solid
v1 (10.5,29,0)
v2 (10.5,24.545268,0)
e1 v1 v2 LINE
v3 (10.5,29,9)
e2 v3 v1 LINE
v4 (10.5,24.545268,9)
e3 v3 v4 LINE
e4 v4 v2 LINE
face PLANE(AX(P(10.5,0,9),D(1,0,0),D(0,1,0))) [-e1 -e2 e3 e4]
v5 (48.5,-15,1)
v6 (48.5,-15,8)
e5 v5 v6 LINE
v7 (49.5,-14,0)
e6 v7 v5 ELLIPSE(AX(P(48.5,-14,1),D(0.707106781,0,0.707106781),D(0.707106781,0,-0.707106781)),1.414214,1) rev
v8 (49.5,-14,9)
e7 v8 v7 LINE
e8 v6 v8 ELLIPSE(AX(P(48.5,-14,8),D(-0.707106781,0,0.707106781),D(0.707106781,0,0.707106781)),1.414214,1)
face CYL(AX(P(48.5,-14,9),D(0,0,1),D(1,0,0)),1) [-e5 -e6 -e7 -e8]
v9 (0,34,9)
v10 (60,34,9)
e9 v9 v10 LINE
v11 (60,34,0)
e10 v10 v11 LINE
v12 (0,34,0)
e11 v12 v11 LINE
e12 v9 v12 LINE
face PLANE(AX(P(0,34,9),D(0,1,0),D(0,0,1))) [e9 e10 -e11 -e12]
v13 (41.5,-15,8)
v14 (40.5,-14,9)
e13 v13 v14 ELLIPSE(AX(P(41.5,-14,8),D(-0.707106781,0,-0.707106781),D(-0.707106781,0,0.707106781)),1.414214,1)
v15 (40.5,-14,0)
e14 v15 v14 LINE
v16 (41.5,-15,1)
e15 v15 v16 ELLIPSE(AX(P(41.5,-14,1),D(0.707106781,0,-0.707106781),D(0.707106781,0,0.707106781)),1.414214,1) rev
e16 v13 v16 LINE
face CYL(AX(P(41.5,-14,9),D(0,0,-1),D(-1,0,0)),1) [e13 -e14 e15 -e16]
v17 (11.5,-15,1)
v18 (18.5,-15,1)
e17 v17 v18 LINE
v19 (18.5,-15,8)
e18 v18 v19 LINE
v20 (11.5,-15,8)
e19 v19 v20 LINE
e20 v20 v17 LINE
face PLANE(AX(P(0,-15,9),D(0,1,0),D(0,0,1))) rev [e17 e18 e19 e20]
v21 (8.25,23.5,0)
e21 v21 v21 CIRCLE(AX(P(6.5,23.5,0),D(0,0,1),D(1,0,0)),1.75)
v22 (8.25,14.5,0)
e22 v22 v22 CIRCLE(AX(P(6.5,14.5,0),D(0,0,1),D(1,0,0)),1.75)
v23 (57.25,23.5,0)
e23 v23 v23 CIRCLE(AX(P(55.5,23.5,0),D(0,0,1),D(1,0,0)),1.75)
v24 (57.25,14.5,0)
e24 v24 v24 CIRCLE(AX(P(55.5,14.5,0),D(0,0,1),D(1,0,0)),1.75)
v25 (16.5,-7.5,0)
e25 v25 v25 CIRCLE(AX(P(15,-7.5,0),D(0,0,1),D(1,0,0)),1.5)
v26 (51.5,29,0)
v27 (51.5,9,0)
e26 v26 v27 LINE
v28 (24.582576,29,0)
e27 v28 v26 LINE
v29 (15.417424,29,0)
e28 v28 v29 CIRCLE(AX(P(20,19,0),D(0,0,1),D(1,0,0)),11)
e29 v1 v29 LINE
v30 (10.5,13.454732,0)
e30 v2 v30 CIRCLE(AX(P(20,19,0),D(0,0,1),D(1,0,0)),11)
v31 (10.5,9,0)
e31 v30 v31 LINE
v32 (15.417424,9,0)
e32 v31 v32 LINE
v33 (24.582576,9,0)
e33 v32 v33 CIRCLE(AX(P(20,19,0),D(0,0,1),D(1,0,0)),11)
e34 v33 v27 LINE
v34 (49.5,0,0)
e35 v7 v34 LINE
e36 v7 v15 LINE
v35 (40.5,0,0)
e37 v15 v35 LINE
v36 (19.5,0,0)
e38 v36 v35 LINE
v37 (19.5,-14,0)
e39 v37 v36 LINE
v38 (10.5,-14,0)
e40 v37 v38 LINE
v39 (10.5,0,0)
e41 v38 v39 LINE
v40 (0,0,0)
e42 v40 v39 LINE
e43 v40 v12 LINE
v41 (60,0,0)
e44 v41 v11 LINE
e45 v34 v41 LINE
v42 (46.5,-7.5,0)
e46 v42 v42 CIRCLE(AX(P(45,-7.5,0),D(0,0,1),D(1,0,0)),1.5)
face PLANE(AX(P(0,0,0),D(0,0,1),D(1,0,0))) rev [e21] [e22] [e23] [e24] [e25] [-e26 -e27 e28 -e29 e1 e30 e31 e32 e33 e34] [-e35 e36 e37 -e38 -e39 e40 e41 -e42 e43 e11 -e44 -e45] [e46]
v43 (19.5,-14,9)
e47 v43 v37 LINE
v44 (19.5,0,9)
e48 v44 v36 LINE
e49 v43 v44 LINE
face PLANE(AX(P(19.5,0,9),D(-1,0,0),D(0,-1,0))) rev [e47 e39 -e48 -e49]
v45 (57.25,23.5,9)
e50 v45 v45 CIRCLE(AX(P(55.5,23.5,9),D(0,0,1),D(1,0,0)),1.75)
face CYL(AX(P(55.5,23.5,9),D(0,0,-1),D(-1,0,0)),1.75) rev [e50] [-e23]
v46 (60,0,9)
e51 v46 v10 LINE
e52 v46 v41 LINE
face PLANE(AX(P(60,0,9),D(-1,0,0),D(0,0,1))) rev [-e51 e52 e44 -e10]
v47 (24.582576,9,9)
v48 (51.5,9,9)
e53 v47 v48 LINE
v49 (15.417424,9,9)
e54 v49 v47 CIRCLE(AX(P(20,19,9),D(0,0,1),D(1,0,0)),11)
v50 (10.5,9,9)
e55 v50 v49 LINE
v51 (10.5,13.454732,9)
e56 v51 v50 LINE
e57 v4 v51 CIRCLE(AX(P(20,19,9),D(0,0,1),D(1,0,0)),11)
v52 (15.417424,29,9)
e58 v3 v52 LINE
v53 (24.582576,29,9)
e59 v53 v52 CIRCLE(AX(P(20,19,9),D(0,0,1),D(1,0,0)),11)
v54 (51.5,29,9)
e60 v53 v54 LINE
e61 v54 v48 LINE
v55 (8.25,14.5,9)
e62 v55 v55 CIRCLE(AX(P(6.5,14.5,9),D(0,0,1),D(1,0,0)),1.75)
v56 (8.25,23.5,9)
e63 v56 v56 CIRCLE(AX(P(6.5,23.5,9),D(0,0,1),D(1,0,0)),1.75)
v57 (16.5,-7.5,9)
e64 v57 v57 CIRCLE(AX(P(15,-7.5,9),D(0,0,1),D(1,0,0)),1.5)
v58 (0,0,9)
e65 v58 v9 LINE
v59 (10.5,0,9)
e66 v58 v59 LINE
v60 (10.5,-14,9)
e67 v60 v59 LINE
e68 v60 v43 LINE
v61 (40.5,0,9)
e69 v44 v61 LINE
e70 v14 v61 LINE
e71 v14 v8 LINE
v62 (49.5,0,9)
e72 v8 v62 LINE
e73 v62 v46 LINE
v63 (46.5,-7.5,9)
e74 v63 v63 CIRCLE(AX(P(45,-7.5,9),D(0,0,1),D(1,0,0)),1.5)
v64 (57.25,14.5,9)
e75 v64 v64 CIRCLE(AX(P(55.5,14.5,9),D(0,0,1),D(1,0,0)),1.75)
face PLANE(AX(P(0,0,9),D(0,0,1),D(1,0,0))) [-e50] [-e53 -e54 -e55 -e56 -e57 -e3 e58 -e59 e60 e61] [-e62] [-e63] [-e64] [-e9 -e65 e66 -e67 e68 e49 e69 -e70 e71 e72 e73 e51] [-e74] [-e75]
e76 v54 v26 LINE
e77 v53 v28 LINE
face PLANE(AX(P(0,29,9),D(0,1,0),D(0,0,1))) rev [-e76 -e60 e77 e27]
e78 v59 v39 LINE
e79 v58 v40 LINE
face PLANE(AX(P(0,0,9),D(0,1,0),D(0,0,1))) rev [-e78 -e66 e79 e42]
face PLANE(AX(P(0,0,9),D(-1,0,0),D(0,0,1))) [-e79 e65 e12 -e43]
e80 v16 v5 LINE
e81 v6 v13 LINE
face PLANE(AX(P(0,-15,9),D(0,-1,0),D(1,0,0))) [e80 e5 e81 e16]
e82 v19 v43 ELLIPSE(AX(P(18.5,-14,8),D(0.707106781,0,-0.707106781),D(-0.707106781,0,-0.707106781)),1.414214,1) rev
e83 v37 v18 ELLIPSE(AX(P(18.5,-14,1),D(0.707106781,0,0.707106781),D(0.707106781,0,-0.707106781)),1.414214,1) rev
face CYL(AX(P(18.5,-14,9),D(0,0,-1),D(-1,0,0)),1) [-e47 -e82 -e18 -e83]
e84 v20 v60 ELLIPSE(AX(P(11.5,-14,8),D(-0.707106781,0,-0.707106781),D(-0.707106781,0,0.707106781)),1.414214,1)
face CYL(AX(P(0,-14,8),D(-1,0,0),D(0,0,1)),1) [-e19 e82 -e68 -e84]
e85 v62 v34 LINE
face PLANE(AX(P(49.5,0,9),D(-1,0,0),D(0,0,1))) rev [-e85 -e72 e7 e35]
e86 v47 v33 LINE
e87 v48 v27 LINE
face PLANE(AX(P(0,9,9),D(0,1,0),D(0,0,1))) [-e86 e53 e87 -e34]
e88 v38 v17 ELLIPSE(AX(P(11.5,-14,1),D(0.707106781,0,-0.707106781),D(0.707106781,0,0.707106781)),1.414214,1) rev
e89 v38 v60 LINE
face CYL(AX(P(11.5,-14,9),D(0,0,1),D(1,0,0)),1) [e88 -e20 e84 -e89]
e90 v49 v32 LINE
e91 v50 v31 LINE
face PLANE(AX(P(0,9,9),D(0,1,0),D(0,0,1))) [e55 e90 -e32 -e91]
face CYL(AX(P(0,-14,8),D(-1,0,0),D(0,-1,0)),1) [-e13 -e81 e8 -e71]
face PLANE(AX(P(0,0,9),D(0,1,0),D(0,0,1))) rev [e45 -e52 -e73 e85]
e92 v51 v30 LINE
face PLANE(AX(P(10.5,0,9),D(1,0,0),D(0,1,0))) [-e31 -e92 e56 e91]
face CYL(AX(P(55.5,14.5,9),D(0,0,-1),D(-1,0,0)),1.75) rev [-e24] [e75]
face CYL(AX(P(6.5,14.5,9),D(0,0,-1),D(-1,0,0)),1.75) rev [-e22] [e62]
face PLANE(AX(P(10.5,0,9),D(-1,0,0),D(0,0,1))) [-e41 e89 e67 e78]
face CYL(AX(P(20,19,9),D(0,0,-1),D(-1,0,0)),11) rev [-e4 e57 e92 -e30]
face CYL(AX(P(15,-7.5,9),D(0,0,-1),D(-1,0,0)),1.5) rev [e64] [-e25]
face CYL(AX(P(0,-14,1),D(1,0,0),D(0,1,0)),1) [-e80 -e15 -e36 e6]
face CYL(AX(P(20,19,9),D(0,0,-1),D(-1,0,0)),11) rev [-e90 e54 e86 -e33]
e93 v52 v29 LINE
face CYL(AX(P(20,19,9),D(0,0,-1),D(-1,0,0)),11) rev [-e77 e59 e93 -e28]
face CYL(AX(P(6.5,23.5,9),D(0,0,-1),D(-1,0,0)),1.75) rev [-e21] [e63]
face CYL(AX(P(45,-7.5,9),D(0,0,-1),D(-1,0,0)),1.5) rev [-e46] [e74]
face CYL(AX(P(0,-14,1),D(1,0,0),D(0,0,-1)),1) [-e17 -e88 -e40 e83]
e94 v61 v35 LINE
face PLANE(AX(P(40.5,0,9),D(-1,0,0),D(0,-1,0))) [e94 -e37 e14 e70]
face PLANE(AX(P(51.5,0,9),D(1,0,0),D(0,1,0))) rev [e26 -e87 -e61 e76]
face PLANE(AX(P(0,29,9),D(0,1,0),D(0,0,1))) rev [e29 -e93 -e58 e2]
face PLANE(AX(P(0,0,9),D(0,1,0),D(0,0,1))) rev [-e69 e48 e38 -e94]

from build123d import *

# Parameters (mm, degrees)
CROQUIS1_R              = 1.75
CROQUIS1_R_2            = 1.5
SALIENTE_EXTRUIR1_DEPTH = 9
REDONDEO1_R             = 1


with BuildPart() as part:
    # Croquis1 → Saliente-Extruir1 (new body)
    with BuildSketch(Plane.XY):
        Polygon((0, 34), (0, 0), (10.5, 0), (10.5, -15), (19.5, -15), (19.5, 0), (40.5, 0), (40.5, -15), (49.5, -15), (49.5, 0), (60, 0), (60, 34), align=None)
        with Locations((6.5, 14.5)):
            Circle(CROQUIS1_R, mode=Mode.SUBTRACT)
        with Locations((6.5, 23.5)):
            Circle(CROQUIS1_R, mode=Mode.SUBTRACT)
        with BuildLine():
            Line((10.5, 24.545268253), (10.5, 29))
            Line((10.5, 29), (15.417424305, 29))
            ThreePointArc((15.417424305, 29), (20, 30), (24.582575695, 29))
            Line((24.582575695, 29), (51.5, 29))
            Line((51.5, 29), (51.5, 9))
            Line((51.5, 9), (24.582575695, 9))
            ThreePointArc((24.582575695, 9), (20, 8), (15.417424305, 9))
            Line((15.417424305, 9), (10.5, 9))
            Line((10.5, 9), (10.5, 13.454731747))
            ThreePointArc((10.5, 13.454731747), (9, 19), (10.5, 24.545268253))
        make_face(mode=Mode.SUBTRACT)
        with Locations((55.5, 14.5)):
            Circle(CROQUIS1_R, mode=Mode.SUBTRACT)
        with Locations((55.5, 23.5)):
            Circle(CROQUIS1_R, mode=Mode.SUBTRACT)
        with Locations((15, -7.5)):
            Circle(CROQUIS1_R_2, mode=Mode.SUBTRACT)
        with Locations((45, -7.5)):
            Circle(CROQUIS1_R_2, mode=Mode.SUBTRACT)
    extrude(amount=SALIENTE_EXTRUIR1_DEPTH)

    # Redondeo1
    redondeo1_edges = [part.edges().sort_by_distance(p)[0] for p in [
        (45, -15, 0),
        (15, -15, 0),
        (49.5, -15, 4.5),
        (40.5, -15, 4.5),
        (19.5, -15, 4.5),
        (10.5, -15, 4.5),
        (15, -15, 9),
        (45, -15, 9),
    ]]
    fillet(redondeo1_edges, radius=REDONDEO1_R)


solid = part.part
